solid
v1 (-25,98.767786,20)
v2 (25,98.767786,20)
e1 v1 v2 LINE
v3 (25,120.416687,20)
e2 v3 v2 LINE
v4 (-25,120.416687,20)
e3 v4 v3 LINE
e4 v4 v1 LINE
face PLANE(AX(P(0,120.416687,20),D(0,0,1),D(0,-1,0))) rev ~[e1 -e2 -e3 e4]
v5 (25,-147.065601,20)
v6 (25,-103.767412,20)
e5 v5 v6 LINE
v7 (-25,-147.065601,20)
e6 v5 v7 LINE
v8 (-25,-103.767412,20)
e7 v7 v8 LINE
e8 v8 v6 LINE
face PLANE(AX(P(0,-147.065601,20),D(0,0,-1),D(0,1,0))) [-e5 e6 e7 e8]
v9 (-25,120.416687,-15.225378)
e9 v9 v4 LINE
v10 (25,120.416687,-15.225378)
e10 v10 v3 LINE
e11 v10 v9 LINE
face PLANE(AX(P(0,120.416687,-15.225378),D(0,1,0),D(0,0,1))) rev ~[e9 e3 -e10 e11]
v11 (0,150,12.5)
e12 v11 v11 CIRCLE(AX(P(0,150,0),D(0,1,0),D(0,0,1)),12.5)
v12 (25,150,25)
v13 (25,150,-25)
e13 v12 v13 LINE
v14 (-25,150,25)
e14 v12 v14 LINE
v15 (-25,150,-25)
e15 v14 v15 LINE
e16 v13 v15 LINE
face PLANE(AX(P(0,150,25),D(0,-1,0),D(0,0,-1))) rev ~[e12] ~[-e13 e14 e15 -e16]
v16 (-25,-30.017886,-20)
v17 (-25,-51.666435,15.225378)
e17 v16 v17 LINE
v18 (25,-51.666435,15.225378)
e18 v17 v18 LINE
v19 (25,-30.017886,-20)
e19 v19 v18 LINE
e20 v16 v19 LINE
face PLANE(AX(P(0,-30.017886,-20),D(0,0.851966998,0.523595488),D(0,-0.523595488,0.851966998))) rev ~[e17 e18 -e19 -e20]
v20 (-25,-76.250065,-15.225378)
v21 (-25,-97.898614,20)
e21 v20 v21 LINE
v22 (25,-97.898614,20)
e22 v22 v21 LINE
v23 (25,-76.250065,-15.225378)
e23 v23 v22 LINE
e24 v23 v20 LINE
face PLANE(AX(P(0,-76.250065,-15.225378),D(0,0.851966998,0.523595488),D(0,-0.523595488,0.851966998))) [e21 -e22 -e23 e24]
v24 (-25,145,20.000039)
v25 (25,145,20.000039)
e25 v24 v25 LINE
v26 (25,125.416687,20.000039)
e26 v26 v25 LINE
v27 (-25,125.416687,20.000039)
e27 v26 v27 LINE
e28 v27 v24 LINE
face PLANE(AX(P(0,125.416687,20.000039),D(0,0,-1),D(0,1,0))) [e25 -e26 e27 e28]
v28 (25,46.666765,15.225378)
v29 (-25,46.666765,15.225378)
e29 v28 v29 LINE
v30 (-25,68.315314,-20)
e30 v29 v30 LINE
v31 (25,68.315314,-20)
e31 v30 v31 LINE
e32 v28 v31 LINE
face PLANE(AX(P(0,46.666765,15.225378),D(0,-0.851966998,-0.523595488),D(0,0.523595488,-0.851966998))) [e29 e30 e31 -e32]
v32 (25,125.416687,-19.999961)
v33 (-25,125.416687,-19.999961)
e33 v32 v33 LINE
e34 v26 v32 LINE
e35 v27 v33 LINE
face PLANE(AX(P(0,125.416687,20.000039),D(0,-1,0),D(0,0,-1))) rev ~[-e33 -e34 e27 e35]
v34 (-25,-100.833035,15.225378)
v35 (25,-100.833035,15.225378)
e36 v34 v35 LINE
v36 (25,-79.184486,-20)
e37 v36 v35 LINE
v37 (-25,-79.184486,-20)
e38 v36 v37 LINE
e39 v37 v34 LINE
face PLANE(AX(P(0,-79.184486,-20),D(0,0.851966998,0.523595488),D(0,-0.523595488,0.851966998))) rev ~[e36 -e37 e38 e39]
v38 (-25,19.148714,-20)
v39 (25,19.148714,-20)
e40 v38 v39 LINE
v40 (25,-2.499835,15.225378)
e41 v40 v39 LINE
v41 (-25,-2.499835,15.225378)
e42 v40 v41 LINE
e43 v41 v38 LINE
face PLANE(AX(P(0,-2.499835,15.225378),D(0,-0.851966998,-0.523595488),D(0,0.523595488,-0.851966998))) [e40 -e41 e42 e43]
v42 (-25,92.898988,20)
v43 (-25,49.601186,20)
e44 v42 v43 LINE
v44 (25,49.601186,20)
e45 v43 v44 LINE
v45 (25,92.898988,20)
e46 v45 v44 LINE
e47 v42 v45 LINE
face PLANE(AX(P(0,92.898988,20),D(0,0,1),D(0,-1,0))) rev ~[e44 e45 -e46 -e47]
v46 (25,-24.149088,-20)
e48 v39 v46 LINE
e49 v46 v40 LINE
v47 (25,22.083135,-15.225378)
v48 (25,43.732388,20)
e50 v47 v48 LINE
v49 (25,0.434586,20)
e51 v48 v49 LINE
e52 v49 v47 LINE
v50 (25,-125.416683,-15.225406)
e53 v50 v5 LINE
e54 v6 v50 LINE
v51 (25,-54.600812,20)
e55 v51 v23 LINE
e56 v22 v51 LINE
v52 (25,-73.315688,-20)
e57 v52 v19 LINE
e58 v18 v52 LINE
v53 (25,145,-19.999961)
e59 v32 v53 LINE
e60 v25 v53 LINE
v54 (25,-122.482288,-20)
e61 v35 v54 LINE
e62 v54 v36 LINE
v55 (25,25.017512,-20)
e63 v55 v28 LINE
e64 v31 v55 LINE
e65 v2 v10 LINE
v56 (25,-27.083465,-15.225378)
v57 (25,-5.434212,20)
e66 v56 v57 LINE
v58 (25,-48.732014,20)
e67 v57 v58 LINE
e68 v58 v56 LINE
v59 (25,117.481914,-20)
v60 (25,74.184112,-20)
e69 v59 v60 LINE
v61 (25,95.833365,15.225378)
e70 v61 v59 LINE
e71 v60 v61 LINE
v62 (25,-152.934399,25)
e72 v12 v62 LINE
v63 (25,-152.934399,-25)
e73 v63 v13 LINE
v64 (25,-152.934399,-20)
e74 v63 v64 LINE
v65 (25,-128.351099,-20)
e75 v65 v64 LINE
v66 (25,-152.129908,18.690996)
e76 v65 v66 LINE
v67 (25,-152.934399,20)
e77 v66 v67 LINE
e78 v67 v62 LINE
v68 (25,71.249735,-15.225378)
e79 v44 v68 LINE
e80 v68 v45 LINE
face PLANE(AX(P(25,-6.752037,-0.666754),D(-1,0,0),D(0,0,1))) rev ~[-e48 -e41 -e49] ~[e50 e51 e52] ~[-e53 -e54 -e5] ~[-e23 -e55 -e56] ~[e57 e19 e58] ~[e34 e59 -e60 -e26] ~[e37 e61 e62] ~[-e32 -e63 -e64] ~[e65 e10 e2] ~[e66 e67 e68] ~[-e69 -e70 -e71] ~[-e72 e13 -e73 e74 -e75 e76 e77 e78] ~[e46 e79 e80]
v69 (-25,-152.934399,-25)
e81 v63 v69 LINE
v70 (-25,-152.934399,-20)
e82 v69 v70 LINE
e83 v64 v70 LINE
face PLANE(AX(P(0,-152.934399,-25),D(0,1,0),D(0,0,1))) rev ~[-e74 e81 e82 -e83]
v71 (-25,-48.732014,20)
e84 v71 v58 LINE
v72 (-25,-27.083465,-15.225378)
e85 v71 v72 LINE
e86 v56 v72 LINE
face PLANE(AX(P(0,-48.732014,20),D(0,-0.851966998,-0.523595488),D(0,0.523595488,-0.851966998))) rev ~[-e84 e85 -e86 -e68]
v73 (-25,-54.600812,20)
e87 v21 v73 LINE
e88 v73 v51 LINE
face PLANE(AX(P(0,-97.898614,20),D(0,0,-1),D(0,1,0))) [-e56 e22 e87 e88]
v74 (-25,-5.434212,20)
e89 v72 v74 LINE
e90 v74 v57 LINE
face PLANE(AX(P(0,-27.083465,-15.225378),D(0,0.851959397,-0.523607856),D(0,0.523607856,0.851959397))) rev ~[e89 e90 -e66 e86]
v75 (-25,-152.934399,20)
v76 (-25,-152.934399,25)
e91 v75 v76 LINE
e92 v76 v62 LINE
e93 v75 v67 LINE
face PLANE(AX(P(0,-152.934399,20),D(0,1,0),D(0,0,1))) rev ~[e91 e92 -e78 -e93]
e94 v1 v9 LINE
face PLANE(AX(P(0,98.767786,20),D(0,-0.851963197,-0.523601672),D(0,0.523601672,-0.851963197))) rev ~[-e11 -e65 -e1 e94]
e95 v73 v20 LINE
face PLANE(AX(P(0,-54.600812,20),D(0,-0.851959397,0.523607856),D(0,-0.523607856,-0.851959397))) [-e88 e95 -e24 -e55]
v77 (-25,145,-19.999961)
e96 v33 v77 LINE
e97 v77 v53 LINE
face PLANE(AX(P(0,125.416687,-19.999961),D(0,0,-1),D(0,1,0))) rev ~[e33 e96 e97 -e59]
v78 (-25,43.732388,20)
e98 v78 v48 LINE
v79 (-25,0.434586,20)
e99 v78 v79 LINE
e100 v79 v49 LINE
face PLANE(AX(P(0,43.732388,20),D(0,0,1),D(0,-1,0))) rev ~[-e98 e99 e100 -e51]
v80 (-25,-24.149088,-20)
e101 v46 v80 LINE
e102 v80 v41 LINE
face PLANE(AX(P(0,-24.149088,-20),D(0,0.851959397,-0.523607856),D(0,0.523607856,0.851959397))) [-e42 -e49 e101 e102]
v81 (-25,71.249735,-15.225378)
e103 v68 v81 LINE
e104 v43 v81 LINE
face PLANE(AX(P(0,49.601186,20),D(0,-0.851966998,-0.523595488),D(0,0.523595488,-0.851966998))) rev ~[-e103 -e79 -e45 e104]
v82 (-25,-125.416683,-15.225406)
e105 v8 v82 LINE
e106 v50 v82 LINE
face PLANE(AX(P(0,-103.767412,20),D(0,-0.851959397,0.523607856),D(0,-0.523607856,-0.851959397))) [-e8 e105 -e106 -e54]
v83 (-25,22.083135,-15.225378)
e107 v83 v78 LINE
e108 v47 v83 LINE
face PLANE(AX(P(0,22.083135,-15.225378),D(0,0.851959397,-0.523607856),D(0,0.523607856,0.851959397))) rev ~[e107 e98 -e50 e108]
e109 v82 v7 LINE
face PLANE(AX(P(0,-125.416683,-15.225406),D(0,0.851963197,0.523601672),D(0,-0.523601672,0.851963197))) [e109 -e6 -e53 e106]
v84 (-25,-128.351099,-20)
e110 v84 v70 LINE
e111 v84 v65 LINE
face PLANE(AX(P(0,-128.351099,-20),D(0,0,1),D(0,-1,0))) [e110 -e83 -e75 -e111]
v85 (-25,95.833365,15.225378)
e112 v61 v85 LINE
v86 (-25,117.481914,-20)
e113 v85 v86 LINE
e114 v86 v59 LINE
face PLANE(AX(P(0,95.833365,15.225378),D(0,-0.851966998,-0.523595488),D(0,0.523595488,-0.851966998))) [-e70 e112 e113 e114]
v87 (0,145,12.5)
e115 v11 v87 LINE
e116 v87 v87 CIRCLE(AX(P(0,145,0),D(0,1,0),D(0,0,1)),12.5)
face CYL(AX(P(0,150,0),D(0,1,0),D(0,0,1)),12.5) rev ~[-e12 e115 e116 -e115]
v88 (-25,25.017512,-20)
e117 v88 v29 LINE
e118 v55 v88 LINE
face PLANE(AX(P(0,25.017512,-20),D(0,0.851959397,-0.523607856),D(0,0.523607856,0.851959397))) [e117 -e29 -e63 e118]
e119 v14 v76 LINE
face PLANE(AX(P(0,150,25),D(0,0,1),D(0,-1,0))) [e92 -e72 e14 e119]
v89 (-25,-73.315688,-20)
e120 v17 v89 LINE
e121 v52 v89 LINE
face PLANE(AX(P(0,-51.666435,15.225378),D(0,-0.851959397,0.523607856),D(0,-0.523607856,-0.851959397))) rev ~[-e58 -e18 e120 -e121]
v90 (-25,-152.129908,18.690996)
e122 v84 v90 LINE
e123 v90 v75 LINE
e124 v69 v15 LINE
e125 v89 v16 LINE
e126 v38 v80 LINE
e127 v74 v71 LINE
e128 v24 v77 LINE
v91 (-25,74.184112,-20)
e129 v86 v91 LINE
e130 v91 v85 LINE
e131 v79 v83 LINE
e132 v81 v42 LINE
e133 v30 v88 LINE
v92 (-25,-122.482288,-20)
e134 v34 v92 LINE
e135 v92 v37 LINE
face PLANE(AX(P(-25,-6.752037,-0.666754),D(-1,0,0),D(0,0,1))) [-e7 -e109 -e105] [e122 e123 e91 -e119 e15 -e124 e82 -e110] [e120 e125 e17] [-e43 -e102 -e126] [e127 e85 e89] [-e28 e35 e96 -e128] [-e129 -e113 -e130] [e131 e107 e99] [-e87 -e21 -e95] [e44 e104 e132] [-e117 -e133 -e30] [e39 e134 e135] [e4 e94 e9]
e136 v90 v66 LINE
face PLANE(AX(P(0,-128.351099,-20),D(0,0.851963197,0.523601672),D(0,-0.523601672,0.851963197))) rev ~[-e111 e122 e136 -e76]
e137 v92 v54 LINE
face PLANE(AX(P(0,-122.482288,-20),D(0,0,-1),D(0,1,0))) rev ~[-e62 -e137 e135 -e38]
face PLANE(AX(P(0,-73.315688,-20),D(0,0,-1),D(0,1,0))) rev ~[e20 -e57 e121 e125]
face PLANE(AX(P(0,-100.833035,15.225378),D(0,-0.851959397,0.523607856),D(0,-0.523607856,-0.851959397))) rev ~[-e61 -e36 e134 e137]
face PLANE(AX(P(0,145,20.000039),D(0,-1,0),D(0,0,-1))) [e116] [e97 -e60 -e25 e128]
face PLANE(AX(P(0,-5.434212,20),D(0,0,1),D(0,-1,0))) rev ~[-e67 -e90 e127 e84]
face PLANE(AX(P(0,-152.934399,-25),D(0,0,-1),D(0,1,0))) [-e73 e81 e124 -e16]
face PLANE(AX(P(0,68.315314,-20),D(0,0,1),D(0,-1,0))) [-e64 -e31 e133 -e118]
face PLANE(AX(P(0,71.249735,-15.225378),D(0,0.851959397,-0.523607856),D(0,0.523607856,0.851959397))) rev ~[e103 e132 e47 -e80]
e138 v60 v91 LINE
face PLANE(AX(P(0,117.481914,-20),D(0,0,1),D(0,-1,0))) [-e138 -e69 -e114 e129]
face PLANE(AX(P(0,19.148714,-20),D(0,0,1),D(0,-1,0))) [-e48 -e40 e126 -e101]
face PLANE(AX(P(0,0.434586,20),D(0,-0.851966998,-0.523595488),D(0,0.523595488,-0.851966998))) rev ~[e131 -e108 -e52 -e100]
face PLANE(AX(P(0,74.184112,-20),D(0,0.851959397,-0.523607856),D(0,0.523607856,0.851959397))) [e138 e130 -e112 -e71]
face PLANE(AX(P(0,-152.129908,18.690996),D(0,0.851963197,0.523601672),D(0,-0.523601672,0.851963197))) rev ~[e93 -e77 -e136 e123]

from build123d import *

# Parameters (mm, degrees)
SKETCH1_W           = 40
SKETCH1_H           = 19.58331309
BOSS_EXTRUDE1_DEPTH = 25
CUT_EXTRUDE1_REACH  = 306.991
SKETCH2_R           = 12.5


with BuildPart() as part:
    # Sketch1 → Boss-Extrude1 (new, symmetric)
    with BuildSketch(Plane(origin=(0, 0, 0), x_dir=(0, 0, -1), z_dir=(1, 0, 0))):
        Polygon((-25, -150), (-25, 150), (25, 150), (25, -150), (25, -152.934399054), (20, -152.934399054), (20, -150), (20, -128.351099054), (-18.690995821, -152.129907993), (-20, -152.934399054), (-25, -152.934399054), align=None)
        Polygon((15.225378118, 120.41668691), (-20, 120.41668691), (-20, 98.767785964), align=None, mode=Mode.SUBTRACT)
        Polygon((-20, -147.065600946), (-20, -103.767412144), (15.225406311, -125.416682672), align=None, mode=Mode.SUBTRACT)
        Polygon((-20, -97.898614036), (-20, -54.600812144), (15.225378116, -76.250065344), align=None, mode=Mode.SUBTRACT)
        with Locations((-3.9301e-05, 135.208343455)):
            Rectangle(SKETCH1_W, SKETCH1_H, mode=Mode.SUBTRACT)
        Polygon((20, -73.315687856), (20, -30.017885964), (-15.225378116, -51.666434656), align=None, mode=Mode.SUBTRACT)
        Polygon((15.225378116, 71.249734656), (-20, 92.898987856), (-20, 49.601185964), align=None, mode=Mode.SUBTRACT)
        Polygon((15.225378116, 22.083134656), (-20, 43.732387856), (-20, 0.434585964), align=None, mode=Mode.SUBTRACT)
        Polygon((15.225378116, -27.083465344), (-20, -5.434212144), (-20, -48.732014036), align=None, mode=Mode.SUBTRACT)
        Polygon((-15.225378116, 95.833365344), (20, 117.481914036), (20, 74.184112144), align=None, mode=Mode.SUBTRACT)
        Polygon((-15.225378116, 46.666765344), (20, 68.315314036), (20, 25.017512144), align=None, mode=Mode.SUBTRACT)
        Polygon((-15.225378116, -2.499834656), (20, 19.148714036), (20, -24.149087856), align=None, mode=Mode.SUBTRACT)
        Polygon((20, -79.184485964), (-15.225378116, -100.833034656), (20, -122.482287856), align=None, mode=Mode.SUBTRACT)
    extrude(amount=BOSS_EXTRUDE1_DEPTH, both=True)

    # Sketch2 → Cut-Extrude1 (cut, up to next)
    with BuildSketch(Plane(origin=(0, 150, 0), x_dir=(1, 0, 0), z_dir=(0, 1, 0)), mode=Mode.PRIVATE) as cut_extrude1_sk1:
        with Locations(Location((0, 0, 0), (0, 0, 270))):
            Circle(SKETCH2_R)
    cut_extrude1_tool1 = extrude(cut_extrude1_sk1.sketch, amount=-CUT_EXTRUDE1_REACH, mode=Mode.PRIVATE) & part.part
    add(cut_extrude1_tool1.solids().sort_by_distance((0, 150, 0))[0], mode=Mode.SUBTRACT)


solid = part.part
